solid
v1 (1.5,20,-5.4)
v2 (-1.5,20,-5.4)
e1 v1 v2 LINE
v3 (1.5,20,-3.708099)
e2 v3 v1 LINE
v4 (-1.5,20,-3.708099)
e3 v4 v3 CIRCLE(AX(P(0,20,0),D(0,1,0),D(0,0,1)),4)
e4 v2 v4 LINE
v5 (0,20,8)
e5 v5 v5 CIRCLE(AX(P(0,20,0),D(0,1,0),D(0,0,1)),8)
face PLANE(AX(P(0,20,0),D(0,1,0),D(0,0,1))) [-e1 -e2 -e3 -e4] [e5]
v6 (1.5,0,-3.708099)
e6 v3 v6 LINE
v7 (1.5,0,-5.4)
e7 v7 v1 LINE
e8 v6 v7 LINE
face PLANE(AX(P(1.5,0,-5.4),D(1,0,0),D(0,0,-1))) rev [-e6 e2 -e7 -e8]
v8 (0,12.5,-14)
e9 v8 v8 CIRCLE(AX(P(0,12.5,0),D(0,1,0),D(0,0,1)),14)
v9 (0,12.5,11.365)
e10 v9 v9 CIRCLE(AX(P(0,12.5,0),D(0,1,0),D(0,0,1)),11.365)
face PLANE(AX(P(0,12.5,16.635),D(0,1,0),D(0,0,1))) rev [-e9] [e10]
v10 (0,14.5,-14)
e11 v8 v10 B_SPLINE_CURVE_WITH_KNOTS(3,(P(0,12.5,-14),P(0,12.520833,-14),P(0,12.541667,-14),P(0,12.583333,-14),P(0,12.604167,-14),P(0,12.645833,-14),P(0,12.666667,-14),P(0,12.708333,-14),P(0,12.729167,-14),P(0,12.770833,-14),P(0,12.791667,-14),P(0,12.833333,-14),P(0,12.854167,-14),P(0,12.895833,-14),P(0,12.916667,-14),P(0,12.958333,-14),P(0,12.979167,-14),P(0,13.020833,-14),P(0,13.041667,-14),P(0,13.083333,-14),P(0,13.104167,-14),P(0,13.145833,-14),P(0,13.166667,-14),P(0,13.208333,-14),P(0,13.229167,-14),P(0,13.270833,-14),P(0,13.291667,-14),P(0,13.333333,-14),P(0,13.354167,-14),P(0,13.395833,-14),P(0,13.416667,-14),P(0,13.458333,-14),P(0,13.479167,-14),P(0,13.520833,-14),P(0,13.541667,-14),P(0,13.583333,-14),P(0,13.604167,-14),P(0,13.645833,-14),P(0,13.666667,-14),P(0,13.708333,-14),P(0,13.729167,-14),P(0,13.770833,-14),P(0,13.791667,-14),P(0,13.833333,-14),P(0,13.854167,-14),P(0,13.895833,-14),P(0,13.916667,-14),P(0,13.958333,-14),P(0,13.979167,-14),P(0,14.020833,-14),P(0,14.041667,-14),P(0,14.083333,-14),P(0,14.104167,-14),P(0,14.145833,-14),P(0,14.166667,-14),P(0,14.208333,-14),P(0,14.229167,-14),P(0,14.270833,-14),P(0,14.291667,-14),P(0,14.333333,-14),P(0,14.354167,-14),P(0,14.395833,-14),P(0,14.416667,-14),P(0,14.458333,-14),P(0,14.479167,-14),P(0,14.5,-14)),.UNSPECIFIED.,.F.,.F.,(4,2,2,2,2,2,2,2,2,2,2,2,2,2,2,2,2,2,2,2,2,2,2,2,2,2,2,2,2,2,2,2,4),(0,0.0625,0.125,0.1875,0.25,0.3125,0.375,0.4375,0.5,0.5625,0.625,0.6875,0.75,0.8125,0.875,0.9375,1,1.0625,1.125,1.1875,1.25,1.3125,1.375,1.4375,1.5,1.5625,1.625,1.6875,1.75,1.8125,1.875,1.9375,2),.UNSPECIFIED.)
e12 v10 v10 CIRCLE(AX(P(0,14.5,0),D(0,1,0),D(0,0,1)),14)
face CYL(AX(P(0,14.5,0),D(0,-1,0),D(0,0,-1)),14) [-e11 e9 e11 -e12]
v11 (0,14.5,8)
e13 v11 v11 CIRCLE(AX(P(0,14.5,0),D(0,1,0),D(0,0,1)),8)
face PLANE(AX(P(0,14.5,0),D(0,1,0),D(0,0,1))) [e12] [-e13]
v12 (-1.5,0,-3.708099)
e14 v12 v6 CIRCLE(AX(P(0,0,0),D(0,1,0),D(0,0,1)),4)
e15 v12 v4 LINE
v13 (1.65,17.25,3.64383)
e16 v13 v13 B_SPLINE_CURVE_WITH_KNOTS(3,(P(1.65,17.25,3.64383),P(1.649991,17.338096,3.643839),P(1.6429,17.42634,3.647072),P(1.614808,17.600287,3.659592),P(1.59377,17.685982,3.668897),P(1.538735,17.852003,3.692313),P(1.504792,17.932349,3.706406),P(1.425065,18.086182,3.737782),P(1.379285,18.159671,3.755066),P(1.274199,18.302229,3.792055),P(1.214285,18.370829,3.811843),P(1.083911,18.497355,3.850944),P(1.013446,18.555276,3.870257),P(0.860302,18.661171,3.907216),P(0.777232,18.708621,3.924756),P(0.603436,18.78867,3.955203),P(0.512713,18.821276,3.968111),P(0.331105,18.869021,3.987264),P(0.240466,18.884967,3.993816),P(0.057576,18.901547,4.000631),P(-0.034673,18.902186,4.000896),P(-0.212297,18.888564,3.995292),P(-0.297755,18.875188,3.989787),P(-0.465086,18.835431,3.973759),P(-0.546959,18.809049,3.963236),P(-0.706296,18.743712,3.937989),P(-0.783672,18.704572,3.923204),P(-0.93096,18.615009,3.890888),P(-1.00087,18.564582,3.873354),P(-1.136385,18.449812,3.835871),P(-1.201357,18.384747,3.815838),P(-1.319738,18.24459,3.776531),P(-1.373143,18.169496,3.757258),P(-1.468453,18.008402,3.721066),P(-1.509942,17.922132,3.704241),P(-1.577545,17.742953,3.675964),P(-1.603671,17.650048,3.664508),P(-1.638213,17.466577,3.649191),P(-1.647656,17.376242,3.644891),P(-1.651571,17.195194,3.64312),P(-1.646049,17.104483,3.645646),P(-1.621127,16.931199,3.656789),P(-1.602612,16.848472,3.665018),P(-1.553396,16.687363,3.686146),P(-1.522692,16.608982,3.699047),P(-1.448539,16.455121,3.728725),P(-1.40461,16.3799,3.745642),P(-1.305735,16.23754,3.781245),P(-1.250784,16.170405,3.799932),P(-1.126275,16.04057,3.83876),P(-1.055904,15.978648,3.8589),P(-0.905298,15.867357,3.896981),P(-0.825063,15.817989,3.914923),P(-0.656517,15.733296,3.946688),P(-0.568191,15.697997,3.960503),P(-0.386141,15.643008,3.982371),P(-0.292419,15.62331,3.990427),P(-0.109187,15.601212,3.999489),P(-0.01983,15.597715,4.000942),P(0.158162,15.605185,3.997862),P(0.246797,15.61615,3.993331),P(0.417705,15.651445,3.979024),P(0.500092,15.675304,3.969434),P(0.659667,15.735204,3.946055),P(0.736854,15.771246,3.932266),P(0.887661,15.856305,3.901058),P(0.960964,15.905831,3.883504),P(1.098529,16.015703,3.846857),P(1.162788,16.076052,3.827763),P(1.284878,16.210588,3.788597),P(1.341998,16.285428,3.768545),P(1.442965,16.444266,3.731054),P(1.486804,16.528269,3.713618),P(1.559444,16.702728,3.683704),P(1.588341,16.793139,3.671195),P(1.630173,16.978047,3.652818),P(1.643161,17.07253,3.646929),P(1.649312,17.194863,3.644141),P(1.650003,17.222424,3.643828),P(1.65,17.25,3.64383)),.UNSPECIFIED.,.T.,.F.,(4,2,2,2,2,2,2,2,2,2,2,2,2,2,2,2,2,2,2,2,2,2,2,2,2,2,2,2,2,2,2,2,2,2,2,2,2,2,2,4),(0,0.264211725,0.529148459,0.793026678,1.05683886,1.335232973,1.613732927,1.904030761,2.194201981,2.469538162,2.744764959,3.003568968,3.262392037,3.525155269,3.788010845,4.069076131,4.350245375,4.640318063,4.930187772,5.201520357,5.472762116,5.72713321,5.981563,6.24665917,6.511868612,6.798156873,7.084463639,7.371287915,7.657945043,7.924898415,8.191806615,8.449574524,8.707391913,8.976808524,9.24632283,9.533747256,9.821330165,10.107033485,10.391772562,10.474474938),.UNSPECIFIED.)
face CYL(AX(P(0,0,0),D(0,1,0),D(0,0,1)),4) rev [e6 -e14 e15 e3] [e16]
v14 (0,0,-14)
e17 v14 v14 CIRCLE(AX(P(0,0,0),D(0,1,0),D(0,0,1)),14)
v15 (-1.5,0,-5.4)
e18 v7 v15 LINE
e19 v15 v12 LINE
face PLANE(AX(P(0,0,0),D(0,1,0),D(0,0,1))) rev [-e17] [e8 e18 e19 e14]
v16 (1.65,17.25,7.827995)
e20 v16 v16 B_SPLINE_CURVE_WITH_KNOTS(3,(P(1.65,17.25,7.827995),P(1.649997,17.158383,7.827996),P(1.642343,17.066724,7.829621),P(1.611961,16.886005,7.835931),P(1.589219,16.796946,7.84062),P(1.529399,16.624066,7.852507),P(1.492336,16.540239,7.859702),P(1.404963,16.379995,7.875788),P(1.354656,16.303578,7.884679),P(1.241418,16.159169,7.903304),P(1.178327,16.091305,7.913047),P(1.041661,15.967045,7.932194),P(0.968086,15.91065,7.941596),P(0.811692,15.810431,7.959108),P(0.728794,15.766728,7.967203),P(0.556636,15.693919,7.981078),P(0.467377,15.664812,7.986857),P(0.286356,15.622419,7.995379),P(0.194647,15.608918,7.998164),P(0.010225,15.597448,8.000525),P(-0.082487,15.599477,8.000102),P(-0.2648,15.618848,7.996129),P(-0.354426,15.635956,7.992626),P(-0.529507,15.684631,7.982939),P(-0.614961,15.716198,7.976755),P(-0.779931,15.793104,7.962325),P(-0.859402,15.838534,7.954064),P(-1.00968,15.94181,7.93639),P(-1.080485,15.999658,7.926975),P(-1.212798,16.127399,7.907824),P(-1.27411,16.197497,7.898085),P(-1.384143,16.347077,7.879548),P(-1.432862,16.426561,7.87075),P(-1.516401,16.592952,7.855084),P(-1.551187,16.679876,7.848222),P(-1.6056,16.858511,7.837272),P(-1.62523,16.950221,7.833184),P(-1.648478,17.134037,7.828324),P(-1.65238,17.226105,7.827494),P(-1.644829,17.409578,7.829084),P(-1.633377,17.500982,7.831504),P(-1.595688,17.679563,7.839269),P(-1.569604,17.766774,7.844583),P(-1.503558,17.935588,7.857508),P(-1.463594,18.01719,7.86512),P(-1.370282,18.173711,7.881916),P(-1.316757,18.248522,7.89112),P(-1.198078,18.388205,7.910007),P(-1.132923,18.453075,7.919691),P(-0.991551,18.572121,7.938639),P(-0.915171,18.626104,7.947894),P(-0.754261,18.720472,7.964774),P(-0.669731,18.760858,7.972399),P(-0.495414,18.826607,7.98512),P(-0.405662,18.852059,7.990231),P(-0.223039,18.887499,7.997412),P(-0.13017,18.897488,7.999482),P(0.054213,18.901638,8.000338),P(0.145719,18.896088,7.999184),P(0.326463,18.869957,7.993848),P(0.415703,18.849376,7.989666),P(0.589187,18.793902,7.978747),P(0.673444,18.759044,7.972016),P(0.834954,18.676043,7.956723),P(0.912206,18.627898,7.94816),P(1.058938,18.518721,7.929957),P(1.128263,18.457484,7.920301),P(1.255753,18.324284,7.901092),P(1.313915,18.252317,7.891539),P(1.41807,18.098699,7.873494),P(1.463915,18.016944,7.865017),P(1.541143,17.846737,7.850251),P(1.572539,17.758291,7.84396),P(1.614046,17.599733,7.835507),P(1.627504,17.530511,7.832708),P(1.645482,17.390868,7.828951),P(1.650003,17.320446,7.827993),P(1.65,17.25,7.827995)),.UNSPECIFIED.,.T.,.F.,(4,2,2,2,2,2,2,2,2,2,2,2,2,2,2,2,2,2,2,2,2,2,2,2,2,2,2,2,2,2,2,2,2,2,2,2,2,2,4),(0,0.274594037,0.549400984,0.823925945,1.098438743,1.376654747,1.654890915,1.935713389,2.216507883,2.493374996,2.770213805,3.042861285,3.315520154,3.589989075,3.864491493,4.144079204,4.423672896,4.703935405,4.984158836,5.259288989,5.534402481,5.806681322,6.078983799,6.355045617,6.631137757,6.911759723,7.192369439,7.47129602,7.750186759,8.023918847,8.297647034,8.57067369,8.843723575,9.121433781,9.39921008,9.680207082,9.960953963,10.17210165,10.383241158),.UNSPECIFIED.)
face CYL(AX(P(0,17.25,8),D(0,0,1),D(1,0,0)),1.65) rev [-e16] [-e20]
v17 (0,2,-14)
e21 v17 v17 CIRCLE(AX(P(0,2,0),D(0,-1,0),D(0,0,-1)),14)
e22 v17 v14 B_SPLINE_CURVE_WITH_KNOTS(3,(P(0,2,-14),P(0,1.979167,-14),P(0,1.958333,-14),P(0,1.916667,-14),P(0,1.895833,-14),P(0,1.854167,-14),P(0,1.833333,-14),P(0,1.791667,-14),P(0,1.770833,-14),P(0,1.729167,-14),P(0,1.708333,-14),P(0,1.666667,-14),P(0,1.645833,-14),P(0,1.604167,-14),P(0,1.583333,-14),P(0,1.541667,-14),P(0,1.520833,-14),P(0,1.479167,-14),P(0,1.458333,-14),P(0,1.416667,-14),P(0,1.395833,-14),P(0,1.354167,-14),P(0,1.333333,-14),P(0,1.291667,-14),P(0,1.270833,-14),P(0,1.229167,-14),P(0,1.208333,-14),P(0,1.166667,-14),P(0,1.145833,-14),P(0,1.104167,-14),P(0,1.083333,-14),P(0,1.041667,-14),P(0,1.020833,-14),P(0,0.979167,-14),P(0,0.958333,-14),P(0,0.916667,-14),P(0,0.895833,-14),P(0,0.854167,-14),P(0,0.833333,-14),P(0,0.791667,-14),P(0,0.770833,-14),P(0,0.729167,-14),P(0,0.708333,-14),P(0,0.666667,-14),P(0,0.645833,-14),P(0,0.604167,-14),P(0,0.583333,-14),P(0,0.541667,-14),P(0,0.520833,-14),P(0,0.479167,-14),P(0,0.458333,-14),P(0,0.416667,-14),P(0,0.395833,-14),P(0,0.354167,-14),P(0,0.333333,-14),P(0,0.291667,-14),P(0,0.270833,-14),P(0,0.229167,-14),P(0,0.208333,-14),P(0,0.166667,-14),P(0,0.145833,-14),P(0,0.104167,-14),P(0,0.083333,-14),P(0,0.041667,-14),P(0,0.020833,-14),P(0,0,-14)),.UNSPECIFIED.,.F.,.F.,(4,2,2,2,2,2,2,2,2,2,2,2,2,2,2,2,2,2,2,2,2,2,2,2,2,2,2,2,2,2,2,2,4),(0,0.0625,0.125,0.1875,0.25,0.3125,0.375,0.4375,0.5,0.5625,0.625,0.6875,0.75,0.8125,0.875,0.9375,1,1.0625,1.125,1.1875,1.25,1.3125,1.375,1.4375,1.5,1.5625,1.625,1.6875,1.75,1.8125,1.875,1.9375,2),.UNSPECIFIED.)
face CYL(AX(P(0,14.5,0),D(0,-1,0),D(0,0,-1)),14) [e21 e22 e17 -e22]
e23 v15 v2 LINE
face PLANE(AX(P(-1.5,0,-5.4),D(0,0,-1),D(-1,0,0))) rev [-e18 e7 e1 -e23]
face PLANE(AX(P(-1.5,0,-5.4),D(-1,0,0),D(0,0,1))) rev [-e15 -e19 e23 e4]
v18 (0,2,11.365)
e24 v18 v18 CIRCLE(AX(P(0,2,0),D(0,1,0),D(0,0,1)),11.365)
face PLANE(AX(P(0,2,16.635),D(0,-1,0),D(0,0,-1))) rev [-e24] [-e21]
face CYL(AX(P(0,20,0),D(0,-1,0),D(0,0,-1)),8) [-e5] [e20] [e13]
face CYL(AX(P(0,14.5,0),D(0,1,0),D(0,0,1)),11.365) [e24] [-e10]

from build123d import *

# Parameters (mm, degrees)
SKETCH1_R             = 14
BOSS_EXTRUDE1_DEPTH   = 14.5
SKETCH2_R             = 8
BOSS_EXTRUDE2_DEPTH   = 5.5
SKETCH3_W             = 5.27
SKETCH3_H             = 10.5
SKETCH4_R             = 4
CUT_EXTRUDE1_DEPTH    = 29.142494559
SKETCH5_W             = 3
SKETCH5_H             = 2.8
CUT_EXTRUDE2_DEPTH    = 29.142494559
M4_TAPPED_HOLE1_D     = 3.3
M4_TAPPED_HOLE1_DEPTH = 5
M4_TAPPED_HOLE1_TIP   = 0.991420021


with BuildPart() as part:
    # Sketch1 → Boss-Extrude1 (new body)
    with BuildSketch(Plane(origin=(0, 0, 0), x_dir=(1, 0, 0), z_dir=(0, 1, 0))):
        with Locations(Location((0, 0, 0), (0, 0, 90))):
            Circle(SKETCH1_R)
    extrude(amount=BOSS_EXTRUDE1_DEPTH)

    # Sketch2 → Boss-Extrude2 (add)
    with BuildSketch(Plane(origin=(0, 14.5, 0), x_dir=(1, 0, 0), z_dir=(0, 1, 0))):
        with Locations(Location((0, 0, 0), (0, 0, 270))):
            Circle(SKETCH2_R)
    extrude(amount=BOSS_EXTRUDE2_DEPTH)

    # Sketch3 → Cut-Revolve1 (revolve, cut)
    with BuildSketch(Plane(origin=(0, 0, 0), x_dir=(0, 0, -1), z_dir=(1, 0, 0)), mode=Mode.PRIVATE) as cut_revolve1_sk:
        with Locations((-14, 7.25)):
            Rectangle(SKETCH3_W, SKETCH3_H)
    revolve(cut_revolve1_sk.sketch.rotate(Axis((0, 14.5, 0), (0, -1, 0)), 180), axis=Axis((0, 14.5, 0), (0, -1, 0)), mode=Mode.SUBTRACT)

    # Sketch4 → Cut-Extrude1 (cut, through all)
    with BuildSketch(Plane(origin=(0, 20, 0), x_dir=(1, 0, 0), z_dir=(0, 1, 0))):
        with Locations(Location((0, 0, 0), (0, 0, 270))):
            Circle(SKETCH4_R)
    extrude(amount=-CUT_EXTRUDE1_DEPTH, mode=Mode.SUBTRACT)

    # Sketch5 → Cut-Extrude2 (cut, through all)
    with BuildSketch(Plane(origin=(0, 20, 0), x_dir=(1, 0, 0), z_dir=(0, 1, 0))):
        with Locations((0, 4)):
            Rectangle(SKETCH5_W, SKETCH5_H)
    extrude(amount=-CUT_EXTRUDE2_DEPTH, mode=Mode.SUBTRACT)

    # M4 Tapped Hole1
    with Locations(Plane(origin=(0, 17.25, 8), x_dir=(1, 0, 0), z_dir=(0, 0, 1))):
        with Locations((0, 0)):
            Hole(M4_TAPPED_HOLE1_D / 2, depth=M4_TAPPED_HOLE1_DEPTH)
            with Locations((0, 0, -(M4_TAPPED_HOLE1_DEPTH + M4_TAPPED_HOLE1_TIP / 2))):  # 118° drill point
                Cone(0, M4_TAPPED_HOLE1_D / 2, M4_TAPPED_HOLE1_TIP, mode=Mode.SUBTRACT)


solid = part.part
